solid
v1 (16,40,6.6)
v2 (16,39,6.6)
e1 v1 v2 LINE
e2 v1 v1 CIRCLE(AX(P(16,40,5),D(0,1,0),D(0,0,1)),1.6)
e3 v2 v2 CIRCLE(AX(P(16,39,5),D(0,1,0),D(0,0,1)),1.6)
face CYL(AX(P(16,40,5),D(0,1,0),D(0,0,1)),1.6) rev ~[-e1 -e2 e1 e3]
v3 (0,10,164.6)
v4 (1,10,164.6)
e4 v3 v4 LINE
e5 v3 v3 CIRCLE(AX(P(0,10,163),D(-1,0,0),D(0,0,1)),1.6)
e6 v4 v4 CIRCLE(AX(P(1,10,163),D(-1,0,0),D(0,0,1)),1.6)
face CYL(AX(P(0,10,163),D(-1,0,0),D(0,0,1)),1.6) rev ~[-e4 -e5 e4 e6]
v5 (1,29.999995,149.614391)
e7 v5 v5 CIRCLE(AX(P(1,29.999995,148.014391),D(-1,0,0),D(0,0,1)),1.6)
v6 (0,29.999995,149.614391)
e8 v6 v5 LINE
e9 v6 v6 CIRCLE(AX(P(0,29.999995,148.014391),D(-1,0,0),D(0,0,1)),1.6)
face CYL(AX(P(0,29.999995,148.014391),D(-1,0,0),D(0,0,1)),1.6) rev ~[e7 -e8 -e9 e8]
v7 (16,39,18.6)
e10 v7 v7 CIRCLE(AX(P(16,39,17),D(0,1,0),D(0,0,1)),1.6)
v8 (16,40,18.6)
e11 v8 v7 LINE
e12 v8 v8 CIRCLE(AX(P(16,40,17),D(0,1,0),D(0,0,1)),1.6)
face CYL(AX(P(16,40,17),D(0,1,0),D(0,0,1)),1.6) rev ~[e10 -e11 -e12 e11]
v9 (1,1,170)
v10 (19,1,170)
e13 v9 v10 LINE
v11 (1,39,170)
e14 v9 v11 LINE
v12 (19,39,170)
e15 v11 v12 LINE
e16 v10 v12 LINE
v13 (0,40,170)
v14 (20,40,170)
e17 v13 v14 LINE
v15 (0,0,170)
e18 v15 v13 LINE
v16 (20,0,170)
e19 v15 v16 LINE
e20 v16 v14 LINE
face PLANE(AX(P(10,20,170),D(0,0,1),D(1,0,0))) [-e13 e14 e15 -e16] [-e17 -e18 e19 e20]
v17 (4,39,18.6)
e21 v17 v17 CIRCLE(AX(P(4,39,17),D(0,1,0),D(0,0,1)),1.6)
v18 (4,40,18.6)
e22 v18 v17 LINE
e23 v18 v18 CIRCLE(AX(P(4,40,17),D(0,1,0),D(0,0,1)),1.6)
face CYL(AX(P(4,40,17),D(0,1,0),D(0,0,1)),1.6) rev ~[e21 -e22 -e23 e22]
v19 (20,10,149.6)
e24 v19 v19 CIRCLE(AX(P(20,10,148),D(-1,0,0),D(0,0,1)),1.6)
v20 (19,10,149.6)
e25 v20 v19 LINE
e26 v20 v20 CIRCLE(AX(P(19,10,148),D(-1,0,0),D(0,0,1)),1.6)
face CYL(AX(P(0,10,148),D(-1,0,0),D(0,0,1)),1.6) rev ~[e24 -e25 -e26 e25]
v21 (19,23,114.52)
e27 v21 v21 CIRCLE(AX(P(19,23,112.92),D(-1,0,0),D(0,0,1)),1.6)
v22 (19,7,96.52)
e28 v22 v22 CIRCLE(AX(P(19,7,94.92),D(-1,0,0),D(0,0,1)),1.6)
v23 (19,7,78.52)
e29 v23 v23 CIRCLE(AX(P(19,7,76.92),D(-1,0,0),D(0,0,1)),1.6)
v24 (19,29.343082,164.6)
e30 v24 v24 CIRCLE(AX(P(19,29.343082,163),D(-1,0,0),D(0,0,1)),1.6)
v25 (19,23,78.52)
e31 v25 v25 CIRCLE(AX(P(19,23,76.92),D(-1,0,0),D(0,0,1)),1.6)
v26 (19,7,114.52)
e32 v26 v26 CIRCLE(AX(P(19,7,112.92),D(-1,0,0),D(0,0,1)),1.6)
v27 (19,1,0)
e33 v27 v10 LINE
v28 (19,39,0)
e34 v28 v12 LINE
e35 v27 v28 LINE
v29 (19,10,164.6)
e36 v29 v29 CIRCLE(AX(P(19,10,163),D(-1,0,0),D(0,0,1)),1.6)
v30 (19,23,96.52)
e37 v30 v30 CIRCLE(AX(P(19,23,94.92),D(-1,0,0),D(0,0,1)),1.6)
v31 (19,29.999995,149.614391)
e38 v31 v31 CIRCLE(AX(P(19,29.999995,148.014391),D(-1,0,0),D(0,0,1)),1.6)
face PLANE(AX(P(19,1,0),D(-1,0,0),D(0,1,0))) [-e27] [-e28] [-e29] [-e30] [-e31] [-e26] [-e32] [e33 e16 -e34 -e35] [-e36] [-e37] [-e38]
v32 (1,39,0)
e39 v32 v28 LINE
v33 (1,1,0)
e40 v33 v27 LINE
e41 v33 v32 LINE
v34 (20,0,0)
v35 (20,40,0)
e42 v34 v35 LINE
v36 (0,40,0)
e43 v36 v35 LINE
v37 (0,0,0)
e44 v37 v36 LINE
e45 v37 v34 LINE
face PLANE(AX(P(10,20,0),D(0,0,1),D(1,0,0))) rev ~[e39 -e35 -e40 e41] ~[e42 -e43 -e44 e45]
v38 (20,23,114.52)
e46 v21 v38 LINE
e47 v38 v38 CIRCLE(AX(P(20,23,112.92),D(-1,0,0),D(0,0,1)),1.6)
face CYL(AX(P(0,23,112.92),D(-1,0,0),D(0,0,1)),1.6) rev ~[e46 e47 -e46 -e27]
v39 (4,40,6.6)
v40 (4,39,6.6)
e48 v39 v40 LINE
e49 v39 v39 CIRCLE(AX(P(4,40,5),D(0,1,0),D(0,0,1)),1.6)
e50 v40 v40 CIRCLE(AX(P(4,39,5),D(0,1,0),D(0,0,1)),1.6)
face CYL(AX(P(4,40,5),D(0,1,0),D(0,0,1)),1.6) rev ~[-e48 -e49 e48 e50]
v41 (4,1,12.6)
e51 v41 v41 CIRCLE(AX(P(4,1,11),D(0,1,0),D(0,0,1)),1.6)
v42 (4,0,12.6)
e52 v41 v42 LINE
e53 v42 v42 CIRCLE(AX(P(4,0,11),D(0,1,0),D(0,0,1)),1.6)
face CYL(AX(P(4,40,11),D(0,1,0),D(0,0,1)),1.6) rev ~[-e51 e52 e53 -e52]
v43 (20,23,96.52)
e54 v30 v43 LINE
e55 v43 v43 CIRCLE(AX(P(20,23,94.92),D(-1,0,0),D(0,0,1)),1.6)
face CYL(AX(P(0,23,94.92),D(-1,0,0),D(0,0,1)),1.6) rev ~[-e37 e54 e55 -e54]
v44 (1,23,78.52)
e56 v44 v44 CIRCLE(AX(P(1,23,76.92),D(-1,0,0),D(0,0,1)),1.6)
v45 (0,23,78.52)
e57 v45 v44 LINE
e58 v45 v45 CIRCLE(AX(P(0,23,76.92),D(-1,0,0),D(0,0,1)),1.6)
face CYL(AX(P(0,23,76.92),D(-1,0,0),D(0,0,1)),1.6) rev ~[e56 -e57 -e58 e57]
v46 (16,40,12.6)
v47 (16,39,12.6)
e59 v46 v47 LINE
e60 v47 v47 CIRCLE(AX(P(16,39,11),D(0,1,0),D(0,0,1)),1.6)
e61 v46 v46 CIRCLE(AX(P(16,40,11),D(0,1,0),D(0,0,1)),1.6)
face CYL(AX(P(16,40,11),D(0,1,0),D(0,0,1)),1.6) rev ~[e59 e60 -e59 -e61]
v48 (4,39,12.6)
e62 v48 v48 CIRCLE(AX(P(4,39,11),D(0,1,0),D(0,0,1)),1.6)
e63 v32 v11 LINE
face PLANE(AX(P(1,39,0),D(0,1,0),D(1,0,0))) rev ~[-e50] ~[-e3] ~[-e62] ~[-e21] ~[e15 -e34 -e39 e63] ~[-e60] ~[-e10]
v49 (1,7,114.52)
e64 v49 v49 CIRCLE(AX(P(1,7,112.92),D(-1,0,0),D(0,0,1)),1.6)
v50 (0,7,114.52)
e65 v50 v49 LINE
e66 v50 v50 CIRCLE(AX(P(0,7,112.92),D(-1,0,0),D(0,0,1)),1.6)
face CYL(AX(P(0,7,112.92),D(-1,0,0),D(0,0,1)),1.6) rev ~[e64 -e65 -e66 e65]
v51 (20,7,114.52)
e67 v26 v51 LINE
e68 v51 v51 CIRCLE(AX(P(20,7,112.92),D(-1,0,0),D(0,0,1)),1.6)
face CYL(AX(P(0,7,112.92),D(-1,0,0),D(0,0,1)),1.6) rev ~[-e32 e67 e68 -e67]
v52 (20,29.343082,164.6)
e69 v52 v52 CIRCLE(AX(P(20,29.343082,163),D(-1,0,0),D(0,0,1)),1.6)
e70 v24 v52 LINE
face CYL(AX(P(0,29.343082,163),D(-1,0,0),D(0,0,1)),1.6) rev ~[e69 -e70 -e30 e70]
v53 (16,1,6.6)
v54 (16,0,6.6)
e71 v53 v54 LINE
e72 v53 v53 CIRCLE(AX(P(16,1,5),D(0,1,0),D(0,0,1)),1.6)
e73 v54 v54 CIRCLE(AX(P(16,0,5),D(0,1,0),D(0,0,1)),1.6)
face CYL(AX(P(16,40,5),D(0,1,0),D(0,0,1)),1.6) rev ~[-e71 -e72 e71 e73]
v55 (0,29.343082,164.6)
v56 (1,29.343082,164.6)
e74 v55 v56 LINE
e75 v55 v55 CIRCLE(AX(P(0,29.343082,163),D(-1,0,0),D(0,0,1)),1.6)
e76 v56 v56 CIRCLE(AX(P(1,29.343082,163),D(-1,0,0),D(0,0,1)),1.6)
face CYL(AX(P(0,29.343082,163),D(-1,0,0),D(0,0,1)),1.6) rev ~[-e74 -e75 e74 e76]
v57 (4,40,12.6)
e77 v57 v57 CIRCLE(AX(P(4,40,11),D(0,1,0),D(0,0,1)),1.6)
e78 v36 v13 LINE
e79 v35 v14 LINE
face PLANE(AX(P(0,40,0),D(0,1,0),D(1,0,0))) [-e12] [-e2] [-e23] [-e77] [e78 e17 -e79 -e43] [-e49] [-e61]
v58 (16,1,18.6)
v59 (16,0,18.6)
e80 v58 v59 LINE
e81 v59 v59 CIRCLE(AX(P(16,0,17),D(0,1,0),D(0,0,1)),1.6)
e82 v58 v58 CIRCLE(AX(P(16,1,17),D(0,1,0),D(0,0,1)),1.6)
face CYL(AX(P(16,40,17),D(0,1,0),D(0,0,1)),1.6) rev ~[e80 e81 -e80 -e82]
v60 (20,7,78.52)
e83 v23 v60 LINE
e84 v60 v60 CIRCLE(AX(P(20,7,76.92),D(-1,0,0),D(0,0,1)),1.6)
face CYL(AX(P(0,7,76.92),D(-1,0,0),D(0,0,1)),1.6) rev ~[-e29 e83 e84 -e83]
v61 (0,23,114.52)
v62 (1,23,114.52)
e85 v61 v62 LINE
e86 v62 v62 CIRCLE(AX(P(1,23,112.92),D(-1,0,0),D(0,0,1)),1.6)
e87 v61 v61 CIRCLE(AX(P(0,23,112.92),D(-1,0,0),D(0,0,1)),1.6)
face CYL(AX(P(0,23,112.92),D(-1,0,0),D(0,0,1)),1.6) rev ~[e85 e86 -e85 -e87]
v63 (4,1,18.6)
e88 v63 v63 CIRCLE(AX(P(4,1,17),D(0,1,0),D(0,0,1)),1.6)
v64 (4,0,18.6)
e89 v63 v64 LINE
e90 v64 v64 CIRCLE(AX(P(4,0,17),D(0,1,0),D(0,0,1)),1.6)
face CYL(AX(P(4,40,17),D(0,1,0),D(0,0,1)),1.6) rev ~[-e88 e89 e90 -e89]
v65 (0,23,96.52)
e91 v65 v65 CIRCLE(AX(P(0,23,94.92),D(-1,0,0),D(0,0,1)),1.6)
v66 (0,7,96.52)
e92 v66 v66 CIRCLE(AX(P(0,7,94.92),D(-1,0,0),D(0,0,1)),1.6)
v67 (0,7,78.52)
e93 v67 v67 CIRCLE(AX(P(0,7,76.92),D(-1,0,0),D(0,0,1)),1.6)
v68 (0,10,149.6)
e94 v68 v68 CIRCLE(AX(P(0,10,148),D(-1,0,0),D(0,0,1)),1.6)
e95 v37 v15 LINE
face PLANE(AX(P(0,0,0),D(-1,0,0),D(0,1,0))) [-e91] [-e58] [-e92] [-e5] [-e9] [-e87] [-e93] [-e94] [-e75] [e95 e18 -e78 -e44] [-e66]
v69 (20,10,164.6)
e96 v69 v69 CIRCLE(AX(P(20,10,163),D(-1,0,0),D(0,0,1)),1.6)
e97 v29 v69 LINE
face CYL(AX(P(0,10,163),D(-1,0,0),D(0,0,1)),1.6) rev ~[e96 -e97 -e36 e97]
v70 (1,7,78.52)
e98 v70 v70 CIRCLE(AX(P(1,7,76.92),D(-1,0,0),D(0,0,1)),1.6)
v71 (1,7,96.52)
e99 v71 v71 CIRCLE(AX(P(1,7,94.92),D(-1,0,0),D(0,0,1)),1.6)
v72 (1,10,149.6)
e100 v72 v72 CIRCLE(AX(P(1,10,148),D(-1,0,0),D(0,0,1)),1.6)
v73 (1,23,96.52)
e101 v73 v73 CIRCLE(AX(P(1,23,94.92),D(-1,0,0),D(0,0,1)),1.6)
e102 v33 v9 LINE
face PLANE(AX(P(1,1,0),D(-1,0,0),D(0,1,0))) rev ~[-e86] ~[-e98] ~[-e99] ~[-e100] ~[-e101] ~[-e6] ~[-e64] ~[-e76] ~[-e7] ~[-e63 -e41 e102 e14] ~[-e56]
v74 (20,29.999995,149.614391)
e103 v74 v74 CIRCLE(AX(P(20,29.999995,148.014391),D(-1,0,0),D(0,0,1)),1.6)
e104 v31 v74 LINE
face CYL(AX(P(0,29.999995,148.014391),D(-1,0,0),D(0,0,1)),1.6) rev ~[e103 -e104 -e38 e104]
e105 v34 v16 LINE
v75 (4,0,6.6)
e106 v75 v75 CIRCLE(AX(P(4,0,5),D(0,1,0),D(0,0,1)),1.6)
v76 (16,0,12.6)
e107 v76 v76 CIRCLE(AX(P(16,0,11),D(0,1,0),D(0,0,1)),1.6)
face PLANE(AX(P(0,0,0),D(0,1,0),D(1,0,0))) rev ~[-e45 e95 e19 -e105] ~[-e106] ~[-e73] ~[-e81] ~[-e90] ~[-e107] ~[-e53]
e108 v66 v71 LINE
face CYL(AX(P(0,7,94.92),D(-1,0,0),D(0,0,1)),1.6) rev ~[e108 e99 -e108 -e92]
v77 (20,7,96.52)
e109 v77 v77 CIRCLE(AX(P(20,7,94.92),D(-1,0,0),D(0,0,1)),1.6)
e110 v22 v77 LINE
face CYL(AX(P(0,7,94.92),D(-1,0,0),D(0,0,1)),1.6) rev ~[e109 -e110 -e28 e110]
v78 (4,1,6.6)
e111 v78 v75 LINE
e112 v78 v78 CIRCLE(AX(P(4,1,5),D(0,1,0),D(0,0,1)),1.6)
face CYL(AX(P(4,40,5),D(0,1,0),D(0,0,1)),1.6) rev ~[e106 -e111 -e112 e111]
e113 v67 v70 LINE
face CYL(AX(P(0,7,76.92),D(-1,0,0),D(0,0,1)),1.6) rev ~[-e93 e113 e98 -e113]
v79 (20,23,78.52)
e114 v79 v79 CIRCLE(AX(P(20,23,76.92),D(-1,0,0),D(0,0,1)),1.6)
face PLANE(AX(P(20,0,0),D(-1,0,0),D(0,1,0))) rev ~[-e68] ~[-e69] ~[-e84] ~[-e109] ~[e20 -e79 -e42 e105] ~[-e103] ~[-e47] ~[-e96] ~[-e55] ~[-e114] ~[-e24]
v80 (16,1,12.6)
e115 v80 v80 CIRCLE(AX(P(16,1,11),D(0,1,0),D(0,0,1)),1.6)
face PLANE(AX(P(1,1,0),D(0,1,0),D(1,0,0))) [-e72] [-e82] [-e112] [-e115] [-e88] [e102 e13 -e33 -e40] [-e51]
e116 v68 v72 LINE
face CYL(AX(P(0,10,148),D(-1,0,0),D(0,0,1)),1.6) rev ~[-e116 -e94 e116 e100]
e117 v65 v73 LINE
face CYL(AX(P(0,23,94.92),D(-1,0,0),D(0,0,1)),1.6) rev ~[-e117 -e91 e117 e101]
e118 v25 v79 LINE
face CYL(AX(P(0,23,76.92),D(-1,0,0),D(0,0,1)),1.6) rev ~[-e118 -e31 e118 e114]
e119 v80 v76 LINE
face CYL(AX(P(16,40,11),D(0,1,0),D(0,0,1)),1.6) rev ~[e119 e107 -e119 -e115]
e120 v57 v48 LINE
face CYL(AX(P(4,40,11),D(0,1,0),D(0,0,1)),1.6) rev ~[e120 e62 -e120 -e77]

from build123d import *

# Parameters (mm, degrees)
SKETCH_1_W          = 20
SKETCH_1_H          = 40
SKETCH_1_W_2        = 18
SKETCH_1_H_2        = 38
EXTRUDE_1_DEPTH     = 170
SKETCH_12_R         = 1.6
CUT_EXTRUDE_2_DEPTH = 176.783958312
SKETCH_13_R         = 1.6
CUT_EXTRUDE_3_DEPTH = 176.783958312
SKETCH_14_R         = 1.6
CUT_EXTRUDE_4_DEPTH = 176.783958312


with BuildPart() as part:
    # 草图1 → 凸台-拉伸1 (new body)
    with BuildSketch(Plane.XY):
        with Locations((10, 20)):
            Rectangle(SKETCH_1_W, SKETCH_1_H)
        with Locations((10, 20)):
            Rectangle(SKETCH_1_W_2, SKETCH_1_H_2, mode=Mode.SUBTRACT)
    extrude(amount=EXTRUDE_1_DEPTH)

    # 草图12 → 切除-拉伸2 (cut, through all)
    with BuildSketch(Plane.ZY):
        with Locations((112.92, 7)):
            Circle(SKETCH_12_R)
        with Locations((94.92, 7)):
            Circle(SKETCH_12_R)
        with Locations((76.92, 7)):
            Circle(SKETCH_12_R)
        with Locations((94.92, 23)):
            Circle(SKETCH_12_R)
        with Locations((76.92, 23)):
            Circle(SKETCH_12_R)
        with Locations((112.92, 23)):
            Circle(SKETCH_12_R)
    extrude(amount=-CUT_EXTRUDE_2_DEPTH, mode=Mode.SUBTRACT)

    # 草图13 → 切除-拉伸3 (cut, through all)
    with BuildSketch(Plane.ZY):
        with Locations((163, 29.343081894)):
            Circle(SKETCH_13_R)
        with Locations((163, 10)):
            Circle(SKETCH_13_R)
        with Locations((148.01439139, 29.999994822)):
            Circle(SKETCH_13_R)
        with Locations((148, 10)):
            Circle(SKETCH_13_R)
    extrude(amount=-CUT_EXTRUDE_3_DEPTH, mode=Mode.SUBTRACT)

    # 草图14 → 切除-拉伸4 (cut, through all)
    with BuildSketch(Plane(origin=(0, 40, 0), x_dir=(1, 0, 0), z_dir=(0, 1, 0))):
        with Locations(Location((16, -11, 0), (0, 0, 270))):
            Circle(SKETCH_14_R)
        with Locations(Location((4, -11, 0), (0, 0, 270))):
            Circle(SKETCH_14_R)
        with Locations(Location((16, -5, 0), (0, 0, 270))):
            Circle(SKETCH_14_R)
        with Locations(Location((4, -5, 0), (0, 0, 270))):
            Circle(SKETCH_14_R)
        with Locations(Location((16, -17, 0), (0, 0, 270))):
            Circle(SKETCH_14_R)
        with Locations(Location((4, -17, 0), (0, 0, 270))):
            Circle(SKETCH_14_R)
    extrude(amount=-CUT_EXTRUDE_4_DEPTH, mode=Mode.SUBTRACT)


solid = part.part
